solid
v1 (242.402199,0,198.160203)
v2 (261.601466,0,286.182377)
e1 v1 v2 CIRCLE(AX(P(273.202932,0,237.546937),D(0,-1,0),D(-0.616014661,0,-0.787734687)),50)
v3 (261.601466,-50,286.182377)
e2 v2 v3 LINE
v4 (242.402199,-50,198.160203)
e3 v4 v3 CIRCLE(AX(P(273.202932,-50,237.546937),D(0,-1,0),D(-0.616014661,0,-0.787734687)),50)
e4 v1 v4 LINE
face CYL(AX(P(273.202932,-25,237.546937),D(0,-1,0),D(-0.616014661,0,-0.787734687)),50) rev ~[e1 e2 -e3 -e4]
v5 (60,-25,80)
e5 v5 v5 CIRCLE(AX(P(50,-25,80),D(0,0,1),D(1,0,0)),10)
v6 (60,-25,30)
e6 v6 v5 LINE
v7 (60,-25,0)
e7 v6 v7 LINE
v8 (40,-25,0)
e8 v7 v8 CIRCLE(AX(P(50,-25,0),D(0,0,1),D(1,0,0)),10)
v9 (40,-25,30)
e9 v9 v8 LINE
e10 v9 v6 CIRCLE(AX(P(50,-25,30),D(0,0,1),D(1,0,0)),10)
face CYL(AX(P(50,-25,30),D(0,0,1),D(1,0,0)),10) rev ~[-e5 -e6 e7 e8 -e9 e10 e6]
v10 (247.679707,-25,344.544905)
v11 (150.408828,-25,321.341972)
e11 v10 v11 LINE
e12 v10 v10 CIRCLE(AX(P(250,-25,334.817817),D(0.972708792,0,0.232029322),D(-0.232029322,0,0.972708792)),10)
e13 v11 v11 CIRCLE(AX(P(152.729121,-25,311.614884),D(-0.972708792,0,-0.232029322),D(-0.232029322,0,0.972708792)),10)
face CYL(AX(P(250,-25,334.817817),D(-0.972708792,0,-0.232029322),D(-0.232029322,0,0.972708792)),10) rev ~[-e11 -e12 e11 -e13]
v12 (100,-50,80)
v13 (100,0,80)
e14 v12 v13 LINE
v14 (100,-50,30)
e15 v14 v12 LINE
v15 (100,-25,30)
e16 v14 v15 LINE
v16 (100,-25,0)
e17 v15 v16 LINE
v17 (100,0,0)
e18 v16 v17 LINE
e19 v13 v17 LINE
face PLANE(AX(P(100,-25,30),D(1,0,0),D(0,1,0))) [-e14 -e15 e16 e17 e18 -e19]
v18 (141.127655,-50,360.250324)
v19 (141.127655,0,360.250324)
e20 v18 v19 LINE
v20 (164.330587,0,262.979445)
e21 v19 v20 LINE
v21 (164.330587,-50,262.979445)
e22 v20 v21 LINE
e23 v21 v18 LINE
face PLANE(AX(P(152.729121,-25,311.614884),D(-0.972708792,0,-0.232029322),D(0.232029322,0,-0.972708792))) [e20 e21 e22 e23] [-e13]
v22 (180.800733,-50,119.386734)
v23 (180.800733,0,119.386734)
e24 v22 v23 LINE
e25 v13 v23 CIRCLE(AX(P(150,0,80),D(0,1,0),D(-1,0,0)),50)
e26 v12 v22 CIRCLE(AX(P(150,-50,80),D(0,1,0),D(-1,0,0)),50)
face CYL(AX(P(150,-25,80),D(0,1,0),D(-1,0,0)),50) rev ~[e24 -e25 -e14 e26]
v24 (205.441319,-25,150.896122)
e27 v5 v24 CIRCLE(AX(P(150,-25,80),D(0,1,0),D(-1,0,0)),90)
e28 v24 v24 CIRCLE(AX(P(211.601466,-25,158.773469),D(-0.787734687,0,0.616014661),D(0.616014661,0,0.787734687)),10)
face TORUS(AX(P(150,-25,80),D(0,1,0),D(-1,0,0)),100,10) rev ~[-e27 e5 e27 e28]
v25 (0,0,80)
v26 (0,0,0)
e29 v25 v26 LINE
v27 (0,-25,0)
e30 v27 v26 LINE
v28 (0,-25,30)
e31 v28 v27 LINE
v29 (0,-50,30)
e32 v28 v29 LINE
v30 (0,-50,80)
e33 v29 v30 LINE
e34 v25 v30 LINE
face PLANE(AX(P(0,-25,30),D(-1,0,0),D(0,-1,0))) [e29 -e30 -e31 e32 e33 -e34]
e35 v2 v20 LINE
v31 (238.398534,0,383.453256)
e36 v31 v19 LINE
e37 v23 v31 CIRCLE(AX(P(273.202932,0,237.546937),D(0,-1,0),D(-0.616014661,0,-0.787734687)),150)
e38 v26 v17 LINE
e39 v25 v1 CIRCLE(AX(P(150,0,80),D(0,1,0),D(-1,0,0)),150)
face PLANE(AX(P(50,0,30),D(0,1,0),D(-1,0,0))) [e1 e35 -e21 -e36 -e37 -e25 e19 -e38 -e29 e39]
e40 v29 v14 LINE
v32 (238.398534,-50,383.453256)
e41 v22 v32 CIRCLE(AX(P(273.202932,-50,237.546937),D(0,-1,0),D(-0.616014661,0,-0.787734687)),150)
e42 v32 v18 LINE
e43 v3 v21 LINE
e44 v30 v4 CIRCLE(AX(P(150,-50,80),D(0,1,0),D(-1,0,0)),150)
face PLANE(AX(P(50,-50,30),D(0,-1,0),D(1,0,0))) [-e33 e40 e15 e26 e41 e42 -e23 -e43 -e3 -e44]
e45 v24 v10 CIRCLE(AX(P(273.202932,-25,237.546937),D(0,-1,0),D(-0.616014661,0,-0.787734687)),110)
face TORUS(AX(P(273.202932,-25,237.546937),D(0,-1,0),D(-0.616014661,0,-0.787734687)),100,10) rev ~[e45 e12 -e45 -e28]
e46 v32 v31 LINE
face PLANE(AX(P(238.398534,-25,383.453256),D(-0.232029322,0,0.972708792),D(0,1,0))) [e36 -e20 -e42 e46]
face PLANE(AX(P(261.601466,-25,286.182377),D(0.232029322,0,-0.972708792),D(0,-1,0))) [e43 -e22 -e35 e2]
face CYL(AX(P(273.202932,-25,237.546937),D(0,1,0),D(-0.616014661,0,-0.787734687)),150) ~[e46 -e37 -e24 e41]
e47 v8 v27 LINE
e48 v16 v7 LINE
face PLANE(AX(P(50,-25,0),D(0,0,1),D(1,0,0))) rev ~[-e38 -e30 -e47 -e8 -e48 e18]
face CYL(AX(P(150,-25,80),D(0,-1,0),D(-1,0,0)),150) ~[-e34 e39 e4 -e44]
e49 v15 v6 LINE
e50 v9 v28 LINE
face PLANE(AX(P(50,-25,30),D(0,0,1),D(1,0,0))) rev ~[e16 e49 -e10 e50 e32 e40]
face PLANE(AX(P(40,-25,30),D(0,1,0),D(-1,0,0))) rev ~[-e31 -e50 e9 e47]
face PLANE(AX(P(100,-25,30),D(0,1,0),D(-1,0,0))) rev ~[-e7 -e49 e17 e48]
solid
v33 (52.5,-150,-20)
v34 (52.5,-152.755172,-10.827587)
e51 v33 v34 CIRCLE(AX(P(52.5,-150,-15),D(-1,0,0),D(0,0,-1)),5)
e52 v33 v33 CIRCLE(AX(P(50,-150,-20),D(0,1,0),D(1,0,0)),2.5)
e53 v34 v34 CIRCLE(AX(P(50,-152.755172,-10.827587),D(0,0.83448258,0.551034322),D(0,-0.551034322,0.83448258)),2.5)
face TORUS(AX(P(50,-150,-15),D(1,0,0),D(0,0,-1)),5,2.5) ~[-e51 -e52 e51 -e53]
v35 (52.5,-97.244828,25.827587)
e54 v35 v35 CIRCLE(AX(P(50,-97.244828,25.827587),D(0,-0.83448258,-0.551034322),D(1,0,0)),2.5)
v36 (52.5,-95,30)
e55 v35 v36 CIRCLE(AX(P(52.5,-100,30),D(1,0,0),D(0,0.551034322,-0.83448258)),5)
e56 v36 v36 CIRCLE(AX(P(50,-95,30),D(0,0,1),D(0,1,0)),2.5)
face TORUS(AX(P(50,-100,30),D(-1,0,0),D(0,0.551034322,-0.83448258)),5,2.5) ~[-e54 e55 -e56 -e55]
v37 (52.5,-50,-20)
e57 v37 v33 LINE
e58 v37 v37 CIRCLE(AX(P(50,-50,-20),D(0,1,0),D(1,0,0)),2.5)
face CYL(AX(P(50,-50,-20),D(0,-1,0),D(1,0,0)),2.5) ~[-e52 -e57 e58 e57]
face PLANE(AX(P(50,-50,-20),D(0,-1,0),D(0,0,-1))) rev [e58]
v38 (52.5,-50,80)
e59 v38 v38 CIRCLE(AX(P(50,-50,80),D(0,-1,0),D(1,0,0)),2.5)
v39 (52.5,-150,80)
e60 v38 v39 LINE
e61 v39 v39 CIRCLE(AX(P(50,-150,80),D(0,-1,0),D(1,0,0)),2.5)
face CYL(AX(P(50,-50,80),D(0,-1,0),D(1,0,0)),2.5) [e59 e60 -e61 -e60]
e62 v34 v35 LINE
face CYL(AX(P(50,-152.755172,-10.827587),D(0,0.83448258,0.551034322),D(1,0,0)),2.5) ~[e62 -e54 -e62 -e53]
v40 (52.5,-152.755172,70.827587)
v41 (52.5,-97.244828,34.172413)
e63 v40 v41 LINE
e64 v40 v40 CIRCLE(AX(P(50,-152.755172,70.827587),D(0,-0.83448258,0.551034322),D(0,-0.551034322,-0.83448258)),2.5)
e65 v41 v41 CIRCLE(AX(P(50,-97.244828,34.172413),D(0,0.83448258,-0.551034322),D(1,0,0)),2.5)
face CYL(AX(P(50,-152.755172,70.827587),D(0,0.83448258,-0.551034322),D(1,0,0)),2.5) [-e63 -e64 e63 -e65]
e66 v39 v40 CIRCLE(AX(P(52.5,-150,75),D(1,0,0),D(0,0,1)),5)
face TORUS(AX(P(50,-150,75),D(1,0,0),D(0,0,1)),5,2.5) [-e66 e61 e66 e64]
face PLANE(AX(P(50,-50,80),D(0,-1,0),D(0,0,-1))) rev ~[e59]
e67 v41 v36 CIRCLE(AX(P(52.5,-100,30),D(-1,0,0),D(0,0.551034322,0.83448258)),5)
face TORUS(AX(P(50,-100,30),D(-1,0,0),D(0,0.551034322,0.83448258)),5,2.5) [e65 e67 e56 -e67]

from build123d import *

# Parameters (mm, degrees)
F0_W     = 100
F0_H     = 50
F1_DEPTH = 30
F2_R     = 10
F3_DEPTH = 30
F5_DEPTH = 30
F2_W     = 100
F2_H     = 50
F8_R     = 2.5


with BuildPart() as f1:
    # F0 (on Top) → F1 (new body)
    with BuildSketch(Plane.XY):
        with Locations((50, -25)):
            Rectangle(F0_W, F0_H)
    extrude(amount=F1_DEPTH)

    # F2 (on face) → F3 (cut)
    with BuildSketch(Plane.XY.offset(30)):
        with Locations((50, -25)):
            Circle(F2_R)
    extrude(amount=-F3_DEPTH, mode=Mode.SUBTRACT)

    # F4 (on face) → F5 (cut, through all)
    with BuildSketch(Plane.XY.offset(30)):
        with BuildLine():
            Line((40, -25), (0, -25))
            Line((0, -25), (0, -50))
            Line((0, -50), (100, -50))
            Line((100, -50), (100, -25))
            Line((100, -25), (60, -25))
            ThreePointArc((60, -25), (50, -35), (40, -25))
        make_face()
    extrude(amount=-F5_DEPTH, mode=Mode.SUBTRACT)

    # F7: sweep along a path in F6
    with BuildLine(Plane.XZ.offset(25)) as f7_path:
        Line((50, 30), (50, 80))
        ThreePointArc((50, 80), (106.1830318727, 169.8892279649), (211.6014660826, 158.7734687345))
        ThreePointArc((211.6014660826, 158.7734687345), (370.9057959914, 216.2361326939), (250, 334.8178166619))
        Line((250, 334.8178166619), (152.7291208072, 311.6148844966))
    # F2 (on face) → F7 (sweep)
    with BuildSketch(Plane.XY.offset(30)):
        with Locations((50, -25)):
            Rectangle(F2_W, F2_H)
        with Locations((50, -25)):
            Circle(F2_R, mode=Mode.SUBTRACT)
    sweep(path=f7_path.line)


with BuildPart() as f11:
    # F11: sweep along a path in F10
    with BuildLine(Plane(origin=(50, 0, 0), x_dir=(0, -1, 0), z_dir=(-1, 0, 0))) as f11_path:
        Line((50, 80), (150, 80))
        ThreePointArc((150, 80), (154.7886357398, 76.4383906812), (152.7551716094, 70.8275871006))
        Line((152.7551716094, 70.8275871006), (97.2448283906, 34.1724128994))
        ThreePointArc((97.2448283906, 34.1724128994), (95.5968273911, 32.3689809996), (95, 30))
    # F8 (on face) → F11 (sweep)
    with BuildSketch(Plane.XZ.offset(50)):
        with Locations((50, 80)):
            Circle(F8_R)
    sweep(path=f11_path.line)

    # F12: F11 across face


with BuildPart() as f11_1:
    add(f11.part)
    add(f11.part.mirror(Plane(origin=(50, -95, 30), x_dir=(1, 0, 0), z_dir=(0, 0, -1))))


solid = Compound([f1.part, f11_1.part])
